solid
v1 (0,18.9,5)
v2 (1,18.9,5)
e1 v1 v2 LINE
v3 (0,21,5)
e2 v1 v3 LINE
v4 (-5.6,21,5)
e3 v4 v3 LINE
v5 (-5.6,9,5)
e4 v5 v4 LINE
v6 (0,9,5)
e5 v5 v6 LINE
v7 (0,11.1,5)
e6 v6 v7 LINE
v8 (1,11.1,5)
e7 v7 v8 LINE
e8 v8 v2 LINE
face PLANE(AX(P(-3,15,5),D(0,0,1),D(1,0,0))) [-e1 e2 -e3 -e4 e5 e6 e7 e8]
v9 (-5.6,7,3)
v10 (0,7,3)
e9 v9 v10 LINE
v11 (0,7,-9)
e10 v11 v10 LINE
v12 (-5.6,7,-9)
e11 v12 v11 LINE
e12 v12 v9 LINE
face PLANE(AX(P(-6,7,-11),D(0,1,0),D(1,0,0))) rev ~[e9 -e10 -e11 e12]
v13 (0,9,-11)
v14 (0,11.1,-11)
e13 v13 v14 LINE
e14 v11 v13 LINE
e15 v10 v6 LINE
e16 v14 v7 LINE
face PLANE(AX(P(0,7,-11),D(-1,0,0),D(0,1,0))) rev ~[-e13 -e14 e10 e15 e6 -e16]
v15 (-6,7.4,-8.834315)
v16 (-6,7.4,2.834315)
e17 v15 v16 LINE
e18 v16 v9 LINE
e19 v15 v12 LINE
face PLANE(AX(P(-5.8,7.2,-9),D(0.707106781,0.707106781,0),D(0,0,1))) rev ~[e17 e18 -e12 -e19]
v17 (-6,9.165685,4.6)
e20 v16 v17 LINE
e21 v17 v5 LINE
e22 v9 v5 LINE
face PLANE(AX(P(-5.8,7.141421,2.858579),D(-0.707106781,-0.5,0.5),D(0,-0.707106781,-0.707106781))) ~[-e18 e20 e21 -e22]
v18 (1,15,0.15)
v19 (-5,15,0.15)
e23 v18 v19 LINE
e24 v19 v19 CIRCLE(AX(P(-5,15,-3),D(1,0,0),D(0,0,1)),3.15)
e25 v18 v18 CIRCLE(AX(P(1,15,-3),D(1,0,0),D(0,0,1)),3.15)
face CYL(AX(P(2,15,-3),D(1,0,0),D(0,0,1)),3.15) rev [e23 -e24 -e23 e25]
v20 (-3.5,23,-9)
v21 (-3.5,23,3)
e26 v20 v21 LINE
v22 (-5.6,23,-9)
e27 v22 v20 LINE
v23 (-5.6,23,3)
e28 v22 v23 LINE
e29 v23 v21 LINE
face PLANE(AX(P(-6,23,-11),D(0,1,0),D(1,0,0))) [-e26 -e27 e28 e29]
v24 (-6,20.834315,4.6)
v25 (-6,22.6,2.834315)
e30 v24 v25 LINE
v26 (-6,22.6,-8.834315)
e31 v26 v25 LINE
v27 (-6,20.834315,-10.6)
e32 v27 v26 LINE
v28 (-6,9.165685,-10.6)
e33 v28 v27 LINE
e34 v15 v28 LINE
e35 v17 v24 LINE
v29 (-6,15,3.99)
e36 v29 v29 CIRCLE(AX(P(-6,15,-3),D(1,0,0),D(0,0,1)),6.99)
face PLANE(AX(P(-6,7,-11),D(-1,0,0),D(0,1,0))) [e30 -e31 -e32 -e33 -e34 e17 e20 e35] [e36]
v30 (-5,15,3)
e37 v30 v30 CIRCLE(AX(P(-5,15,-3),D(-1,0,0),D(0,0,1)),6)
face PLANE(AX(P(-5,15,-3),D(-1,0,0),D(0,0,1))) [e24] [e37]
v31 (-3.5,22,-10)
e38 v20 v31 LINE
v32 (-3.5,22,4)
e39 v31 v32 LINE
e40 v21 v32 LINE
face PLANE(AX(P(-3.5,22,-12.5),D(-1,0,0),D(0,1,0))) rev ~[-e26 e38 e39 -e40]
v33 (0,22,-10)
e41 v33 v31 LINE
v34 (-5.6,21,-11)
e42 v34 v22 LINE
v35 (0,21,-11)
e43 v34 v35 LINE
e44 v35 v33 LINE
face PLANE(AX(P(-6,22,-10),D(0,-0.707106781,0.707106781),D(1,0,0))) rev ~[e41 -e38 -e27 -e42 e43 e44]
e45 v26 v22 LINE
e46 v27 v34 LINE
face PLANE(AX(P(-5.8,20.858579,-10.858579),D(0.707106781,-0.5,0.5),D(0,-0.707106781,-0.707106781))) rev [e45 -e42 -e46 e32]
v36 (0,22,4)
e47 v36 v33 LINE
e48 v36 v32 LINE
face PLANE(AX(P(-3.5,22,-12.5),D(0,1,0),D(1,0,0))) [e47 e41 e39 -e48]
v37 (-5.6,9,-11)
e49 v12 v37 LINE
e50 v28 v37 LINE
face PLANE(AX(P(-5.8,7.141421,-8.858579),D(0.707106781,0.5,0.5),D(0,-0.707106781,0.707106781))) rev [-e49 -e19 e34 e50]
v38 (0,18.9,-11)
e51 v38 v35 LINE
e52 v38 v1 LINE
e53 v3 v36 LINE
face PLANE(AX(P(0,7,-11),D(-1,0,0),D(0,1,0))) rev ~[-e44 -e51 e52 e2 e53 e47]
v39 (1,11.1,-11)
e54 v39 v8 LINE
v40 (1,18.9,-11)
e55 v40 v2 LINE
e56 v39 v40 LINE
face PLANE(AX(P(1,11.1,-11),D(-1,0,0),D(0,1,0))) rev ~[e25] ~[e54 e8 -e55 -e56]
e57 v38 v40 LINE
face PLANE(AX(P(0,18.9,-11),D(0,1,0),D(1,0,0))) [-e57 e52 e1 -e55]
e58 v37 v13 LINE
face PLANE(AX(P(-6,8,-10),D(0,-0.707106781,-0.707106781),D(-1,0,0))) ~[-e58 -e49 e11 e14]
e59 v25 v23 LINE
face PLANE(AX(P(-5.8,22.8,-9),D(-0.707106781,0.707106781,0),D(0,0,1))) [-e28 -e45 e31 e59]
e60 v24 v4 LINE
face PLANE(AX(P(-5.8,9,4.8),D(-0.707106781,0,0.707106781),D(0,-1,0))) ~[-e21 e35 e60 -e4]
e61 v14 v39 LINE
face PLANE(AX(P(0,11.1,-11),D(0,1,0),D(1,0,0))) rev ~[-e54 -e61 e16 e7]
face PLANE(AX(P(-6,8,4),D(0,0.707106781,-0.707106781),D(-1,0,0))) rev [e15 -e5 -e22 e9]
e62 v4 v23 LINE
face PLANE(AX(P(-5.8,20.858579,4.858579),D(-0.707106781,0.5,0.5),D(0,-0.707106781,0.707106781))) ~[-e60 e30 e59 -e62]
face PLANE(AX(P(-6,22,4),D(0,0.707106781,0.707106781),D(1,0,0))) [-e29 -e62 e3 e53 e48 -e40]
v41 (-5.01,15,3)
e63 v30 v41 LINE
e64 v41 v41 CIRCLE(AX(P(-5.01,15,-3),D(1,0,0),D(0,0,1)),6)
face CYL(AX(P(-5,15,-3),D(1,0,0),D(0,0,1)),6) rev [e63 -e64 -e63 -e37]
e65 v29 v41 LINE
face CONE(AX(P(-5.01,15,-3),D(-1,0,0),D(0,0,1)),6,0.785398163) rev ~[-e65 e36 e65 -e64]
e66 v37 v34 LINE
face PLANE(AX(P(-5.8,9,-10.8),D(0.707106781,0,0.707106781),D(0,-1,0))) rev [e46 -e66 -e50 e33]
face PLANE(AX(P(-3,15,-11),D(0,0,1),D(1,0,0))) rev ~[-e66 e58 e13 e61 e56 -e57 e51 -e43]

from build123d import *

# Parameters (mm, degrees)
BOX033_W              = 10
BOX033_H              = 10
BOX033_DEPTH          = 18
CYLINDER011_R         = 3.15
CYLINDER011_DEPTH     = 10
CYLINDER012_R         = 6
CYLINDER012_DEPTH     = 10
BOX026_W              = 6
BOX026_H              = 16
BOX026_DEPTH          = 16
BOX027_W              = 1
BOX027_H              = 7.8
BOX027_DEPTH          = 16
CHAMFER006006011_SIZE = 0.99
CHAMFER006006012_SIZE = 2
CHAMFER006006013_SIZE = 0.4


with BuildPart() as cube032:
    # Box033 → Box033 (new body)
    with BuildSketch(Plane(origin=(-3.5, 22, -12.5), x_dir=(1, 0, 0), z_dir=(0, 0, 1))):
        with Locations((5, 5)):
            Rectangle(BOX033_W, BOX033_H)
    extrude(amount=BOX033_DEPTH)


with BuildPart() as cylinder011:
    # Cylinder011 → Cylinder011 (new body)
    with BuildSketch(Plane(origin=(2, 15, 8), x_dir=(0, 0, 1), z_dir=(-1, 0, 0))):
        Circle(CYLINDER011_R)
    extrude(amount=CYLINDER011_DEPTH)


with BuildPart() as fusion005:
    # Cylinder012 → Cylinder012 (new body)
    with BuildSketch(Plane(origin=(-5, 15, 8), x_dir=(0, 0, 1), z_dir=(-1, 0, 0))):
        Circle(CYLINDER012_R)
    extrude(amount=CYLINDER012_DEPTH)

    # Fusion005: union Cylinder011
    add(cylinder011.part)


with BuildPart() as cube025:
    # Box026 → Box026 (new body)
    with BuildSketch(Plane(origin=(-6, 7, 0), x_dir=(1, 0, 0), z_dir=(0, 0, 1))):
        with Locations((3, 8)):
            Rectangle(BOX026_W, BOX026_H)
    extrude(amount=BOX026_DEPTH)


with BuildPart() as cut002004005004:
    # Box027 → Box027 (new body)
    with BuildSketch(Plane(origin=(0, 11.1, 0), x_dir=(1, 0, 0), z_dir=(0, 0, 1))):
        with Locations((0.5, 3.9)):
            Rectangle(BOX027_W, BOX027_H)
    extrude(amount=BOX027_DEPTH)

    # Fusion006: union Cube025
    add(cube025.part)

    # Cut002004002: cut Fusion005
    add(fusion005.part, mode=Mode.SUBTRACT)

    # Chamfer006006011
    chamfer006006011_edges = [cut002004005004.edges().sort_by_distance(p)[0] for p in [
        (-6, 15, 2),
    ]]
    chamfer(chamfer006006011_edges, length=CHAMFER006006011_SIZE)

    # Chamfer006006012
    chamfer006006012_edges = [cut002004005004.edges().sort_by_distance(p)[0] for p in [
        (-3, 7, 0),
        (-3, 7, 16),
        (-3, 23, 16),
        (-3, 23, 0),
    ]]
    chamfer(chamfer006006012_edges, length=CHAMFER006006012_SIZE)

    # Chamfer006006013
    chamfer006006013_edges = [cut002004005004.edges().sort_by_distance(p)[0] for p in [
        (-6, 7, 8),
        (-6, 8, 1),
        (-6, 15, 0),
        (-6, 22, 1),
        (-6, 23, 8),
        (-6, 22, 15),
        (-6, 15, 16),
        (-6, 8, 15),
    ]]
    chamfer(chamfer006006013_edges, length=CHAMFER006006013_SIZE)


with BuildPart() as cut002004005004_1:
    # Chamfer006006013 placement: moved
    add(cut002004005004.part.moved(Location((0, 0, -11))))

    # Cut002004005004: cut Cube032
    add(cube032.part, mode=Mode.SUBTRACT)


solid = cut002004005004_1.part
